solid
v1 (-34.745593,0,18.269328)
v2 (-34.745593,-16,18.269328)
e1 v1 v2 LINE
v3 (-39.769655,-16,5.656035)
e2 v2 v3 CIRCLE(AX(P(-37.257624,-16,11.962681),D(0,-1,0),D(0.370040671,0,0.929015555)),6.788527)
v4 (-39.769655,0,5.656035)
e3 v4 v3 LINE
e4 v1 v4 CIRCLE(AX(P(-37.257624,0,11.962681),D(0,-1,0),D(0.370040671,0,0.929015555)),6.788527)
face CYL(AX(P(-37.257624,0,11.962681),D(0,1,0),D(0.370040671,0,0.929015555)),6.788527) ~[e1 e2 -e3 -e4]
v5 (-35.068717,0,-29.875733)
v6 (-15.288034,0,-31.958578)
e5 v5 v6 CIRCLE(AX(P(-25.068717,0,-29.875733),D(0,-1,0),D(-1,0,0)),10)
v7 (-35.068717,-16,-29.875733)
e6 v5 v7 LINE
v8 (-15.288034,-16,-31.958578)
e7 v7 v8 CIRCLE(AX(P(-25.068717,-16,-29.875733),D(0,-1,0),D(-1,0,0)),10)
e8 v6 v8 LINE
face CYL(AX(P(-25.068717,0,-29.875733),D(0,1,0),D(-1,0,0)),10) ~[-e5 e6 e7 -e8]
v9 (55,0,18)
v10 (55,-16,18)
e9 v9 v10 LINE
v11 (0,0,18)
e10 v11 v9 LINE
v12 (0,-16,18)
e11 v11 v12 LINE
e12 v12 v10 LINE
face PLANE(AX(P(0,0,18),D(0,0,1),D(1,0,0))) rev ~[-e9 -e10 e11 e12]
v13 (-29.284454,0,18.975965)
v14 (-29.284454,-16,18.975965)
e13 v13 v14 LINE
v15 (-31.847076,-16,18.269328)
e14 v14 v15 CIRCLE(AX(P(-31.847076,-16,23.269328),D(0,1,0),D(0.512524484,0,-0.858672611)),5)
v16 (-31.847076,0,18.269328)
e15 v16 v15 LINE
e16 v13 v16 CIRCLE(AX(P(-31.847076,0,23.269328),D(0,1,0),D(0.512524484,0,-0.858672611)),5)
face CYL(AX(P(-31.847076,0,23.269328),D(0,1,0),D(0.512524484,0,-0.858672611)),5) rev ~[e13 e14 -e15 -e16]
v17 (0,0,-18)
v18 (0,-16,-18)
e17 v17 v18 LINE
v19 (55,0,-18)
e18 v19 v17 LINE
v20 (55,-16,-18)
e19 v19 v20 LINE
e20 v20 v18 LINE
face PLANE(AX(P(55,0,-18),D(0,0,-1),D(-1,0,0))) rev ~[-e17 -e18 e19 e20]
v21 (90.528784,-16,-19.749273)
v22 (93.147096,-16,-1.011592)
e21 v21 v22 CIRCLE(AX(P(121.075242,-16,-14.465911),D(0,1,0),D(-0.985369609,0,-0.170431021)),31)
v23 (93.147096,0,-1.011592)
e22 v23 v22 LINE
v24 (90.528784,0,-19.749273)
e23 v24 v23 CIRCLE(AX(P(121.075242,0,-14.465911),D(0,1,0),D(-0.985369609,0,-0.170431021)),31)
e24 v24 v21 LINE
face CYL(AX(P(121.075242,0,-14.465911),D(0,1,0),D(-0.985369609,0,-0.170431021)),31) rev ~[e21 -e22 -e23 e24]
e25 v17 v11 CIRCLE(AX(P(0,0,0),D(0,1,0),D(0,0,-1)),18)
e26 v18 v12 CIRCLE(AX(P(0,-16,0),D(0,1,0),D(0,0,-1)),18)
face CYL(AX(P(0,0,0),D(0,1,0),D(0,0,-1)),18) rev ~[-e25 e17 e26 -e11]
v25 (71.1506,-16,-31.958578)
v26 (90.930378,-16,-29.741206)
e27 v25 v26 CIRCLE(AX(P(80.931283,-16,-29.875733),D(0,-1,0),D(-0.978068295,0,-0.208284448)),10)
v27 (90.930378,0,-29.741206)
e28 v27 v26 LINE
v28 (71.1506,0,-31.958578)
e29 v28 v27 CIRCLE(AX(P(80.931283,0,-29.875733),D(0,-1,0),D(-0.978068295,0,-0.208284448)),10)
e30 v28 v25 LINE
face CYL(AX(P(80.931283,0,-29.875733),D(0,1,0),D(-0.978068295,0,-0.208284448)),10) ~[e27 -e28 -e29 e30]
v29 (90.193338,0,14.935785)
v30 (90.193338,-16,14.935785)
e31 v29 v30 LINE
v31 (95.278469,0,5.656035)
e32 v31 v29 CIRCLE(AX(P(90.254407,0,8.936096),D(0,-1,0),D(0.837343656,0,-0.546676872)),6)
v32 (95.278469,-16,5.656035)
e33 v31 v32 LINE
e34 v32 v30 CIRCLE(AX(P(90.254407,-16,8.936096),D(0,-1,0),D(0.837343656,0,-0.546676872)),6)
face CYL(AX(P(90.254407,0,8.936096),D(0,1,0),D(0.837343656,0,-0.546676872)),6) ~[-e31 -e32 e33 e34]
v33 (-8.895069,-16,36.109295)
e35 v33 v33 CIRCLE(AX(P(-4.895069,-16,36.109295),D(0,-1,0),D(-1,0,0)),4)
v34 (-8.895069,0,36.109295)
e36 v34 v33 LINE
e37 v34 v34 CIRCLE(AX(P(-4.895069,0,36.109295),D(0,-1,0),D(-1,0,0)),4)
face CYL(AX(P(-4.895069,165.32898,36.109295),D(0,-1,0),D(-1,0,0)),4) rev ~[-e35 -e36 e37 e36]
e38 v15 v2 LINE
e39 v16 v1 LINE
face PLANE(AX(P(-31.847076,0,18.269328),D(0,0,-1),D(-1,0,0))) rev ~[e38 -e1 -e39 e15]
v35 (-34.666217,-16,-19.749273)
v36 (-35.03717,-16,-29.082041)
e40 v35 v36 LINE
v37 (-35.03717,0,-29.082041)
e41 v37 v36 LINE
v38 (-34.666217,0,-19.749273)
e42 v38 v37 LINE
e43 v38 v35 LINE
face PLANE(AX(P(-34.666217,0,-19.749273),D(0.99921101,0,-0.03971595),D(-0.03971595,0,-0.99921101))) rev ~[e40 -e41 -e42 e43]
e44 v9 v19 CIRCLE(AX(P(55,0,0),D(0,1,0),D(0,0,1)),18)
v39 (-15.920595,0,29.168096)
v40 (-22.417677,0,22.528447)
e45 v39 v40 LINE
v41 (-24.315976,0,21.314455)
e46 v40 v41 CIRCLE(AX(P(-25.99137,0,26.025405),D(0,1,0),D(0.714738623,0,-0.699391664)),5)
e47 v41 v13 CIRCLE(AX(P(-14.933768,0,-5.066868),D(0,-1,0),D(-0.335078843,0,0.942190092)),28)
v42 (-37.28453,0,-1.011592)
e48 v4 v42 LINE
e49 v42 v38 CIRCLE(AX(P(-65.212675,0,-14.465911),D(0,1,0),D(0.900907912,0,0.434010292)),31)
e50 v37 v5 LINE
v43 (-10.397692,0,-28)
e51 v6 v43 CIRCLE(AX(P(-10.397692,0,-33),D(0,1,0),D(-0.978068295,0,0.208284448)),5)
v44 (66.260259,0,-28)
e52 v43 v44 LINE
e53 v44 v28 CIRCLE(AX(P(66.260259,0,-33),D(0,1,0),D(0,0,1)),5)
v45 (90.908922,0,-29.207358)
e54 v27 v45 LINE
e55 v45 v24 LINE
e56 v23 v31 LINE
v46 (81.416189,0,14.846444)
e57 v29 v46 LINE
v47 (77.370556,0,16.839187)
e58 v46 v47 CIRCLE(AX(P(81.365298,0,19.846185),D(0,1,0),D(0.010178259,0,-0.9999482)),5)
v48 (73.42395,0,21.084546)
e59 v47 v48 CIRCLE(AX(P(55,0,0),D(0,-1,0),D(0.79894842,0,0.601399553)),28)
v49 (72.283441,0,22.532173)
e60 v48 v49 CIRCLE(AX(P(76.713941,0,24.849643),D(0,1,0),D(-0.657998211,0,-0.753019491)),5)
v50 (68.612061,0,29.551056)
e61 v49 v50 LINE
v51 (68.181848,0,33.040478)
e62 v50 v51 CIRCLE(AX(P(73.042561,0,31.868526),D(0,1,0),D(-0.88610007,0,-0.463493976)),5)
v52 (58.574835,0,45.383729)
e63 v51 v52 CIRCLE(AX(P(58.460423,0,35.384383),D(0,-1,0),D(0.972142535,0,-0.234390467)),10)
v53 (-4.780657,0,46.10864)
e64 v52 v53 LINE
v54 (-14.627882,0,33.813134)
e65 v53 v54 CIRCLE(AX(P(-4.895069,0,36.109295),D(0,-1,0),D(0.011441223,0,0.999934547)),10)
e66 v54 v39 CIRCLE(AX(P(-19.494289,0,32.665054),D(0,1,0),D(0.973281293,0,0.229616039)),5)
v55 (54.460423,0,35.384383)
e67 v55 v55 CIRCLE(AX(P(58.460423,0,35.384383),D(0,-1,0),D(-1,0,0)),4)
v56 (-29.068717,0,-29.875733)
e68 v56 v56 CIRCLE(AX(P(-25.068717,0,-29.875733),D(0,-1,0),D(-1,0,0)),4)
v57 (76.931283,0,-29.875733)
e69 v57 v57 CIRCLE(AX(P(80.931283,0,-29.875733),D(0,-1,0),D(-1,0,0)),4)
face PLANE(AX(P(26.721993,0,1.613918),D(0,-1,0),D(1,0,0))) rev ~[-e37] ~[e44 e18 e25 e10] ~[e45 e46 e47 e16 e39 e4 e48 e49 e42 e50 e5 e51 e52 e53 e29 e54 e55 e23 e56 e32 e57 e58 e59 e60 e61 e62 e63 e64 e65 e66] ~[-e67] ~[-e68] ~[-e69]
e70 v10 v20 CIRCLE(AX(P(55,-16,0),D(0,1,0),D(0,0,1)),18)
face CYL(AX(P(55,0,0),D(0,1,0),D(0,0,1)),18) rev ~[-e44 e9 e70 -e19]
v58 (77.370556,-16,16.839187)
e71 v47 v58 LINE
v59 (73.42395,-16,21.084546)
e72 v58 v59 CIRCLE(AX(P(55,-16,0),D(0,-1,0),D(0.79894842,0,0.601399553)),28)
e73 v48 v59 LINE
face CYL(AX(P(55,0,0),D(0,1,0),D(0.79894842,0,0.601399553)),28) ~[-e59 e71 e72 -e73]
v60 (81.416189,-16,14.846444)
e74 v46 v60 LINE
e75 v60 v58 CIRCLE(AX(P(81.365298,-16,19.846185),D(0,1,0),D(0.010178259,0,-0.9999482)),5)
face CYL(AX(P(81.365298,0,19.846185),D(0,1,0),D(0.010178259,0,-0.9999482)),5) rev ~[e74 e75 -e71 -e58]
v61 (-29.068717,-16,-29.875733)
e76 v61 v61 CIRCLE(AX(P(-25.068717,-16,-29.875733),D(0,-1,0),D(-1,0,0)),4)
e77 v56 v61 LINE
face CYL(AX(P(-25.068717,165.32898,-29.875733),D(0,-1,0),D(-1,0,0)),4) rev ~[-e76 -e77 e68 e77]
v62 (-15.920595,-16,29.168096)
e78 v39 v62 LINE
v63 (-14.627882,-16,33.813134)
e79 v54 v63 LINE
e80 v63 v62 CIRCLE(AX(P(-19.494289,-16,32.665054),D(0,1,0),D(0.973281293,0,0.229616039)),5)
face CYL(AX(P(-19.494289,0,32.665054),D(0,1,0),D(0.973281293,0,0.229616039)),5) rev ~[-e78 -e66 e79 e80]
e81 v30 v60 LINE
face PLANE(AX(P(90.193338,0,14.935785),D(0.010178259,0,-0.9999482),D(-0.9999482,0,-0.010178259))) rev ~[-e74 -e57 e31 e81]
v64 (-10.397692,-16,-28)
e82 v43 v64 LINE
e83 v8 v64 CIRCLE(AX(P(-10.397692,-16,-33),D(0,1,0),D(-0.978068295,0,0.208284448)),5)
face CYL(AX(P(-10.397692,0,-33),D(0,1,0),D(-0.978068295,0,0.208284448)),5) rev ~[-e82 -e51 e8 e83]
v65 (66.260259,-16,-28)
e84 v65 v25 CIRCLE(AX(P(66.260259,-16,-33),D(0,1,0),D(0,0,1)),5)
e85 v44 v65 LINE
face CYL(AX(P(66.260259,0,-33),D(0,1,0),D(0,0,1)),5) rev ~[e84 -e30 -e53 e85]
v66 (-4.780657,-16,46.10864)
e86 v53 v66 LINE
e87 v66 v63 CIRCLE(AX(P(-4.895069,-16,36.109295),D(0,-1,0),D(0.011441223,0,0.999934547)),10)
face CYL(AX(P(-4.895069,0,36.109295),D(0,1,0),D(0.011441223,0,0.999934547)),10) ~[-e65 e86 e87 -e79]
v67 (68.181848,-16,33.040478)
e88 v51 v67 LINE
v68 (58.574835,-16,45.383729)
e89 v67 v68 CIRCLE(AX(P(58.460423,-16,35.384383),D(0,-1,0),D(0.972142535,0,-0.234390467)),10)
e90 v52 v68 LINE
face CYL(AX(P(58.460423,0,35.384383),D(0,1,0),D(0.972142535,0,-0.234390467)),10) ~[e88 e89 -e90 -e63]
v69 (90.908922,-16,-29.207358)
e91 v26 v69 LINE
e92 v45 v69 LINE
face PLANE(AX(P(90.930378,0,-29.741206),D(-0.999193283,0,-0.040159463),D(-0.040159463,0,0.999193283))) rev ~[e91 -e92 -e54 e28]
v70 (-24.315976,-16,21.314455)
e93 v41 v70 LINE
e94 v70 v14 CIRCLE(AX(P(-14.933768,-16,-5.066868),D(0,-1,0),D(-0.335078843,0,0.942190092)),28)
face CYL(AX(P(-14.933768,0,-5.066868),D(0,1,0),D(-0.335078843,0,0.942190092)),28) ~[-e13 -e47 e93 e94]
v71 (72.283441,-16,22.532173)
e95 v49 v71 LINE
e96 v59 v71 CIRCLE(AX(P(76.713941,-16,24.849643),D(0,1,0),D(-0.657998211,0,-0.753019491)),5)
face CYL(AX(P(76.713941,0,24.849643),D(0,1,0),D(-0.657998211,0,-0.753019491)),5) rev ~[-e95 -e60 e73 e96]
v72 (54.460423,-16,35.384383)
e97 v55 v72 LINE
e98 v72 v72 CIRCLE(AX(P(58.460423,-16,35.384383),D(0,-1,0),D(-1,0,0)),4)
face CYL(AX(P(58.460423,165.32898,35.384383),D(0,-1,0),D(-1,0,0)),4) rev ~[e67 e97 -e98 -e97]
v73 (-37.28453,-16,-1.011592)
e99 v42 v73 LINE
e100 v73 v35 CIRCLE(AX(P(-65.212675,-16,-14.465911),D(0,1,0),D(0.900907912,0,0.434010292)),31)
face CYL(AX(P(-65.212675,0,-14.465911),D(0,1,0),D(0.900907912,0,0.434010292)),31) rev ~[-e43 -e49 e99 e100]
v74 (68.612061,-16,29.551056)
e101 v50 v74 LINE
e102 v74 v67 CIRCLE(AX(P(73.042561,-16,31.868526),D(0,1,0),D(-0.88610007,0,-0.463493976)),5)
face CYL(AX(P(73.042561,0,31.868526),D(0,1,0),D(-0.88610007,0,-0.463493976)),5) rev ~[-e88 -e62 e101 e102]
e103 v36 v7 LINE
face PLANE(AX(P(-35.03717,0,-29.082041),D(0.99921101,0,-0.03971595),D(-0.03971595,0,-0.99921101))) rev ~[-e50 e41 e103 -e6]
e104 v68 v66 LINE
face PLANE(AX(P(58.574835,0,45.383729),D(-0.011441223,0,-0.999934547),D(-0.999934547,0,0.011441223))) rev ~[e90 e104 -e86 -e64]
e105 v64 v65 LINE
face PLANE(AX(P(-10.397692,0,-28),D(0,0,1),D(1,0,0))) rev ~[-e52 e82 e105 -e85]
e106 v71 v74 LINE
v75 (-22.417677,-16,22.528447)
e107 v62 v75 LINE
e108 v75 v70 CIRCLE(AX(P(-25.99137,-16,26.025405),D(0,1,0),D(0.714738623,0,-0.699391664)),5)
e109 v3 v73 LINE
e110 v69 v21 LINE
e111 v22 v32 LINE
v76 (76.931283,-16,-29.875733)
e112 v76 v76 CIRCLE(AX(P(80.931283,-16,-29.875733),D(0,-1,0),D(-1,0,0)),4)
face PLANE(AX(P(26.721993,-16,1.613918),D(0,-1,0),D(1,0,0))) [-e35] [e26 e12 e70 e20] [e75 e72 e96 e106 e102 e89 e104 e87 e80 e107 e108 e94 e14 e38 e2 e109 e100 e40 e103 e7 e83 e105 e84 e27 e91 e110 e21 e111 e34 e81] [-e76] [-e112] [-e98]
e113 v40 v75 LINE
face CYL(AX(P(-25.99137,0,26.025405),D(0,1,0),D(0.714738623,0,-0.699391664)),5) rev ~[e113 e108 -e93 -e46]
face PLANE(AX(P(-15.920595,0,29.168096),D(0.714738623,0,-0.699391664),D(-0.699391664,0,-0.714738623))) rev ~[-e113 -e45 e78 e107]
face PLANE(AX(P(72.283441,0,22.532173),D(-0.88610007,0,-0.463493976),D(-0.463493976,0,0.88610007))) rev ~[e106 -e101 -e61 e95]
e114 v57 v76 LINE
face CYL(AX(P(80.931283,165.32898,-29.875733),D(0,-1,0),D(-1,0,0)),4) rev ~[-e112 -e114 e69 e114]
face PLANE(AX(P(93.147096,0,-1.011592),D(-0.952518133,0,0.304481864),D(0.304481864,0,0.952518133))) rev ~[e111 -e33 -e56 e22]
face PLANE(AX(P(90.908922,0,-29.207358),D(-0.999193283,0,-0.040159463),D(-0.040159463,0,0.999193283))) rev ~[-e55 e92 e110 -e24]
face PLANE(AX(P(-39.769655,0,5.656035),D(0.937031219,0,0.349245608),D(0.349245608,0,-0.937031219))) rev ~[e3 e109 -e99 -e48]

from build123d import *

# Parameters (mm, degrees)
F1_DEPTH = 16
F2_D     = 8


with BuildPart() as f1:
    # F0 (on Front) → F1 (new body)
    with BuildSketch(Plane.XZ):
        with BuildLine():
            Line((-34.6662172288, -19.7492731154), (-35.0371696448, -29.0820410001))
            Line((-35.0371696448, -29.0820410001), (-35.0687167778, -29.8757332816))
            ThreePointArc((-35.0687167778, -29.8757332816), (-26.1158964536, -39.8207528757), (-15.2880338325, -31.9585777605))
            ThreePointArc((-15.2880338325, -31.9585777605), (-13.5435538319, -29.1136706781), (-10.3976923598, -28))
            Line((-10.3976923598, -28), (27.5, -28))
            Line((27.5, -28), (66.2602588043, -28))
            ThreePointArc((66.2602588043, -28), (69.4061202763, -29.1136706781), (71.1506002769, -31.9585777605))
            ThreePointArc((71.1506002769, -31.9585777605), (82.0453345687, -39.8134840129), (90.9303783011, -29.7412059492))
            Line((90.9303783011, -29.7412059492), (90.9089219451, -29.2073580015))
            Line((90.9089219451, -29.2073580015), (90.5287836732, -19.7492731154))
            ThreePointArc((90.5287836732, -19.7492731154), (90.3735319415, -10.1758034804), (93.147096282, -1.0115923959))
            Line((93.147096282, -1.0115923959), (95.278469332, 5.6560345374))
            ThreePointArc((95.278469332, 5.6560345374), (95.5161813728, 11.819450524), (90.1933378417, 14.9357849705))
            Line((90.1933378417, 14.9357849705), (81.4161891549, 14.8464442463))
            ThreePointArc((81.4161891549, 14.8464442463), (79.1559436107, 15.3607918631), (77.3705557582, 16.8391874825))
            ThreePointArc((77.3705557582, 16.8391874825), (75.5074057352, 19.0642678855), (73.4239499151, 21.084545751))
            ThreePointArc((73.4239499151, 21.084545751), (72.7864222514, 21.7553586843), (72.2834406198, 22.5321733286))
            Line((72.2834406198, 22.5321733286), (68.6120607815, 29.5510562145))
            ThreePointArc((68.6120607815, 29.5510562145), (68.0801346369, 31.2567064537), (68.1818484569, 33.0404784292))
            ThreePointArc((68.1818484569, 33.0404784292), (66.351866653, 41.5264608231), (58.5748353368, 45.3837285735))
            Line((58.5748353368, 45.3837285735), (-4.7806569197, 46.1086403504))
            ThreePointArc((-4.7806569197, 46.1086403504), (-12.7004054077, 42.360432851), (-14.6278820787, 33.813134491))
            ThreePointArc((-14.6278820787, 33.813134491), (-14.6773480259, 31.3245006562), (-15.9205954248, 29.168095975))
            Line((-15.9205954248, 29.168095975), (-22.4176771662, 22.5284468379))
            ThreePointArc((-22.4176771662, 22.5284468379), (-23.2975488941, 21.8131223673), (-24.3159760704, 21.3144547002))
            ThreePointArc((-24.3159760704, 21.3144547002), (-26.857680899, 20.2673049491), (-29.284454025, 18.9759652448))
            ThreePointArc((-29.284454025, 18.9759652448), (-30.5179442619, 18.4492237754), (-31.8470764444, 18.2693283014))
            Line((-31.8470764444, 18.2693283014), (-34.7455926018, 18.2693283014))
            ThreePointArc((-34.7455926018, 18.2693283014), (-43.5642704506, 14.4747123862), (-39.7696545355, 5.6560345374))
            Line((-39.7696545355, 5.6560345374), (-37.2845298375, -1.0115923959))
            ThreePointArc((-37.2845298375, -1.0115923959), (-34.510965497, -10.1758034804), (-34.6662172288, -19.7492731154))
        make_face()
        with BuildLine():
            ThreePointArc((0, -18), (-18, 0), (0, 18))
            Line((0, 18), (55, 18))
            ThreePointArc((55, 18), (73, 0), (55, -18))
            Line((55, -18), (0, -18))
        make_face(mode=Mode.SUBTRACT)
    extrude(amount=F1_DEPTH)

    # F2 (through all)
    with Locations(Plane(origin=(0, 0, 0), x_dir=(1, 0, 0), z_dir=(0, 1, 0))):
        with Locations((58.4604231045, -35.3843831029), (-4.8950691519, -36.1092948798), (-25.0687167778, 29.8757332816), (80.9312832222, 29.8757332816)):
            Hole(F2_D / 2)


solid = f1.part
